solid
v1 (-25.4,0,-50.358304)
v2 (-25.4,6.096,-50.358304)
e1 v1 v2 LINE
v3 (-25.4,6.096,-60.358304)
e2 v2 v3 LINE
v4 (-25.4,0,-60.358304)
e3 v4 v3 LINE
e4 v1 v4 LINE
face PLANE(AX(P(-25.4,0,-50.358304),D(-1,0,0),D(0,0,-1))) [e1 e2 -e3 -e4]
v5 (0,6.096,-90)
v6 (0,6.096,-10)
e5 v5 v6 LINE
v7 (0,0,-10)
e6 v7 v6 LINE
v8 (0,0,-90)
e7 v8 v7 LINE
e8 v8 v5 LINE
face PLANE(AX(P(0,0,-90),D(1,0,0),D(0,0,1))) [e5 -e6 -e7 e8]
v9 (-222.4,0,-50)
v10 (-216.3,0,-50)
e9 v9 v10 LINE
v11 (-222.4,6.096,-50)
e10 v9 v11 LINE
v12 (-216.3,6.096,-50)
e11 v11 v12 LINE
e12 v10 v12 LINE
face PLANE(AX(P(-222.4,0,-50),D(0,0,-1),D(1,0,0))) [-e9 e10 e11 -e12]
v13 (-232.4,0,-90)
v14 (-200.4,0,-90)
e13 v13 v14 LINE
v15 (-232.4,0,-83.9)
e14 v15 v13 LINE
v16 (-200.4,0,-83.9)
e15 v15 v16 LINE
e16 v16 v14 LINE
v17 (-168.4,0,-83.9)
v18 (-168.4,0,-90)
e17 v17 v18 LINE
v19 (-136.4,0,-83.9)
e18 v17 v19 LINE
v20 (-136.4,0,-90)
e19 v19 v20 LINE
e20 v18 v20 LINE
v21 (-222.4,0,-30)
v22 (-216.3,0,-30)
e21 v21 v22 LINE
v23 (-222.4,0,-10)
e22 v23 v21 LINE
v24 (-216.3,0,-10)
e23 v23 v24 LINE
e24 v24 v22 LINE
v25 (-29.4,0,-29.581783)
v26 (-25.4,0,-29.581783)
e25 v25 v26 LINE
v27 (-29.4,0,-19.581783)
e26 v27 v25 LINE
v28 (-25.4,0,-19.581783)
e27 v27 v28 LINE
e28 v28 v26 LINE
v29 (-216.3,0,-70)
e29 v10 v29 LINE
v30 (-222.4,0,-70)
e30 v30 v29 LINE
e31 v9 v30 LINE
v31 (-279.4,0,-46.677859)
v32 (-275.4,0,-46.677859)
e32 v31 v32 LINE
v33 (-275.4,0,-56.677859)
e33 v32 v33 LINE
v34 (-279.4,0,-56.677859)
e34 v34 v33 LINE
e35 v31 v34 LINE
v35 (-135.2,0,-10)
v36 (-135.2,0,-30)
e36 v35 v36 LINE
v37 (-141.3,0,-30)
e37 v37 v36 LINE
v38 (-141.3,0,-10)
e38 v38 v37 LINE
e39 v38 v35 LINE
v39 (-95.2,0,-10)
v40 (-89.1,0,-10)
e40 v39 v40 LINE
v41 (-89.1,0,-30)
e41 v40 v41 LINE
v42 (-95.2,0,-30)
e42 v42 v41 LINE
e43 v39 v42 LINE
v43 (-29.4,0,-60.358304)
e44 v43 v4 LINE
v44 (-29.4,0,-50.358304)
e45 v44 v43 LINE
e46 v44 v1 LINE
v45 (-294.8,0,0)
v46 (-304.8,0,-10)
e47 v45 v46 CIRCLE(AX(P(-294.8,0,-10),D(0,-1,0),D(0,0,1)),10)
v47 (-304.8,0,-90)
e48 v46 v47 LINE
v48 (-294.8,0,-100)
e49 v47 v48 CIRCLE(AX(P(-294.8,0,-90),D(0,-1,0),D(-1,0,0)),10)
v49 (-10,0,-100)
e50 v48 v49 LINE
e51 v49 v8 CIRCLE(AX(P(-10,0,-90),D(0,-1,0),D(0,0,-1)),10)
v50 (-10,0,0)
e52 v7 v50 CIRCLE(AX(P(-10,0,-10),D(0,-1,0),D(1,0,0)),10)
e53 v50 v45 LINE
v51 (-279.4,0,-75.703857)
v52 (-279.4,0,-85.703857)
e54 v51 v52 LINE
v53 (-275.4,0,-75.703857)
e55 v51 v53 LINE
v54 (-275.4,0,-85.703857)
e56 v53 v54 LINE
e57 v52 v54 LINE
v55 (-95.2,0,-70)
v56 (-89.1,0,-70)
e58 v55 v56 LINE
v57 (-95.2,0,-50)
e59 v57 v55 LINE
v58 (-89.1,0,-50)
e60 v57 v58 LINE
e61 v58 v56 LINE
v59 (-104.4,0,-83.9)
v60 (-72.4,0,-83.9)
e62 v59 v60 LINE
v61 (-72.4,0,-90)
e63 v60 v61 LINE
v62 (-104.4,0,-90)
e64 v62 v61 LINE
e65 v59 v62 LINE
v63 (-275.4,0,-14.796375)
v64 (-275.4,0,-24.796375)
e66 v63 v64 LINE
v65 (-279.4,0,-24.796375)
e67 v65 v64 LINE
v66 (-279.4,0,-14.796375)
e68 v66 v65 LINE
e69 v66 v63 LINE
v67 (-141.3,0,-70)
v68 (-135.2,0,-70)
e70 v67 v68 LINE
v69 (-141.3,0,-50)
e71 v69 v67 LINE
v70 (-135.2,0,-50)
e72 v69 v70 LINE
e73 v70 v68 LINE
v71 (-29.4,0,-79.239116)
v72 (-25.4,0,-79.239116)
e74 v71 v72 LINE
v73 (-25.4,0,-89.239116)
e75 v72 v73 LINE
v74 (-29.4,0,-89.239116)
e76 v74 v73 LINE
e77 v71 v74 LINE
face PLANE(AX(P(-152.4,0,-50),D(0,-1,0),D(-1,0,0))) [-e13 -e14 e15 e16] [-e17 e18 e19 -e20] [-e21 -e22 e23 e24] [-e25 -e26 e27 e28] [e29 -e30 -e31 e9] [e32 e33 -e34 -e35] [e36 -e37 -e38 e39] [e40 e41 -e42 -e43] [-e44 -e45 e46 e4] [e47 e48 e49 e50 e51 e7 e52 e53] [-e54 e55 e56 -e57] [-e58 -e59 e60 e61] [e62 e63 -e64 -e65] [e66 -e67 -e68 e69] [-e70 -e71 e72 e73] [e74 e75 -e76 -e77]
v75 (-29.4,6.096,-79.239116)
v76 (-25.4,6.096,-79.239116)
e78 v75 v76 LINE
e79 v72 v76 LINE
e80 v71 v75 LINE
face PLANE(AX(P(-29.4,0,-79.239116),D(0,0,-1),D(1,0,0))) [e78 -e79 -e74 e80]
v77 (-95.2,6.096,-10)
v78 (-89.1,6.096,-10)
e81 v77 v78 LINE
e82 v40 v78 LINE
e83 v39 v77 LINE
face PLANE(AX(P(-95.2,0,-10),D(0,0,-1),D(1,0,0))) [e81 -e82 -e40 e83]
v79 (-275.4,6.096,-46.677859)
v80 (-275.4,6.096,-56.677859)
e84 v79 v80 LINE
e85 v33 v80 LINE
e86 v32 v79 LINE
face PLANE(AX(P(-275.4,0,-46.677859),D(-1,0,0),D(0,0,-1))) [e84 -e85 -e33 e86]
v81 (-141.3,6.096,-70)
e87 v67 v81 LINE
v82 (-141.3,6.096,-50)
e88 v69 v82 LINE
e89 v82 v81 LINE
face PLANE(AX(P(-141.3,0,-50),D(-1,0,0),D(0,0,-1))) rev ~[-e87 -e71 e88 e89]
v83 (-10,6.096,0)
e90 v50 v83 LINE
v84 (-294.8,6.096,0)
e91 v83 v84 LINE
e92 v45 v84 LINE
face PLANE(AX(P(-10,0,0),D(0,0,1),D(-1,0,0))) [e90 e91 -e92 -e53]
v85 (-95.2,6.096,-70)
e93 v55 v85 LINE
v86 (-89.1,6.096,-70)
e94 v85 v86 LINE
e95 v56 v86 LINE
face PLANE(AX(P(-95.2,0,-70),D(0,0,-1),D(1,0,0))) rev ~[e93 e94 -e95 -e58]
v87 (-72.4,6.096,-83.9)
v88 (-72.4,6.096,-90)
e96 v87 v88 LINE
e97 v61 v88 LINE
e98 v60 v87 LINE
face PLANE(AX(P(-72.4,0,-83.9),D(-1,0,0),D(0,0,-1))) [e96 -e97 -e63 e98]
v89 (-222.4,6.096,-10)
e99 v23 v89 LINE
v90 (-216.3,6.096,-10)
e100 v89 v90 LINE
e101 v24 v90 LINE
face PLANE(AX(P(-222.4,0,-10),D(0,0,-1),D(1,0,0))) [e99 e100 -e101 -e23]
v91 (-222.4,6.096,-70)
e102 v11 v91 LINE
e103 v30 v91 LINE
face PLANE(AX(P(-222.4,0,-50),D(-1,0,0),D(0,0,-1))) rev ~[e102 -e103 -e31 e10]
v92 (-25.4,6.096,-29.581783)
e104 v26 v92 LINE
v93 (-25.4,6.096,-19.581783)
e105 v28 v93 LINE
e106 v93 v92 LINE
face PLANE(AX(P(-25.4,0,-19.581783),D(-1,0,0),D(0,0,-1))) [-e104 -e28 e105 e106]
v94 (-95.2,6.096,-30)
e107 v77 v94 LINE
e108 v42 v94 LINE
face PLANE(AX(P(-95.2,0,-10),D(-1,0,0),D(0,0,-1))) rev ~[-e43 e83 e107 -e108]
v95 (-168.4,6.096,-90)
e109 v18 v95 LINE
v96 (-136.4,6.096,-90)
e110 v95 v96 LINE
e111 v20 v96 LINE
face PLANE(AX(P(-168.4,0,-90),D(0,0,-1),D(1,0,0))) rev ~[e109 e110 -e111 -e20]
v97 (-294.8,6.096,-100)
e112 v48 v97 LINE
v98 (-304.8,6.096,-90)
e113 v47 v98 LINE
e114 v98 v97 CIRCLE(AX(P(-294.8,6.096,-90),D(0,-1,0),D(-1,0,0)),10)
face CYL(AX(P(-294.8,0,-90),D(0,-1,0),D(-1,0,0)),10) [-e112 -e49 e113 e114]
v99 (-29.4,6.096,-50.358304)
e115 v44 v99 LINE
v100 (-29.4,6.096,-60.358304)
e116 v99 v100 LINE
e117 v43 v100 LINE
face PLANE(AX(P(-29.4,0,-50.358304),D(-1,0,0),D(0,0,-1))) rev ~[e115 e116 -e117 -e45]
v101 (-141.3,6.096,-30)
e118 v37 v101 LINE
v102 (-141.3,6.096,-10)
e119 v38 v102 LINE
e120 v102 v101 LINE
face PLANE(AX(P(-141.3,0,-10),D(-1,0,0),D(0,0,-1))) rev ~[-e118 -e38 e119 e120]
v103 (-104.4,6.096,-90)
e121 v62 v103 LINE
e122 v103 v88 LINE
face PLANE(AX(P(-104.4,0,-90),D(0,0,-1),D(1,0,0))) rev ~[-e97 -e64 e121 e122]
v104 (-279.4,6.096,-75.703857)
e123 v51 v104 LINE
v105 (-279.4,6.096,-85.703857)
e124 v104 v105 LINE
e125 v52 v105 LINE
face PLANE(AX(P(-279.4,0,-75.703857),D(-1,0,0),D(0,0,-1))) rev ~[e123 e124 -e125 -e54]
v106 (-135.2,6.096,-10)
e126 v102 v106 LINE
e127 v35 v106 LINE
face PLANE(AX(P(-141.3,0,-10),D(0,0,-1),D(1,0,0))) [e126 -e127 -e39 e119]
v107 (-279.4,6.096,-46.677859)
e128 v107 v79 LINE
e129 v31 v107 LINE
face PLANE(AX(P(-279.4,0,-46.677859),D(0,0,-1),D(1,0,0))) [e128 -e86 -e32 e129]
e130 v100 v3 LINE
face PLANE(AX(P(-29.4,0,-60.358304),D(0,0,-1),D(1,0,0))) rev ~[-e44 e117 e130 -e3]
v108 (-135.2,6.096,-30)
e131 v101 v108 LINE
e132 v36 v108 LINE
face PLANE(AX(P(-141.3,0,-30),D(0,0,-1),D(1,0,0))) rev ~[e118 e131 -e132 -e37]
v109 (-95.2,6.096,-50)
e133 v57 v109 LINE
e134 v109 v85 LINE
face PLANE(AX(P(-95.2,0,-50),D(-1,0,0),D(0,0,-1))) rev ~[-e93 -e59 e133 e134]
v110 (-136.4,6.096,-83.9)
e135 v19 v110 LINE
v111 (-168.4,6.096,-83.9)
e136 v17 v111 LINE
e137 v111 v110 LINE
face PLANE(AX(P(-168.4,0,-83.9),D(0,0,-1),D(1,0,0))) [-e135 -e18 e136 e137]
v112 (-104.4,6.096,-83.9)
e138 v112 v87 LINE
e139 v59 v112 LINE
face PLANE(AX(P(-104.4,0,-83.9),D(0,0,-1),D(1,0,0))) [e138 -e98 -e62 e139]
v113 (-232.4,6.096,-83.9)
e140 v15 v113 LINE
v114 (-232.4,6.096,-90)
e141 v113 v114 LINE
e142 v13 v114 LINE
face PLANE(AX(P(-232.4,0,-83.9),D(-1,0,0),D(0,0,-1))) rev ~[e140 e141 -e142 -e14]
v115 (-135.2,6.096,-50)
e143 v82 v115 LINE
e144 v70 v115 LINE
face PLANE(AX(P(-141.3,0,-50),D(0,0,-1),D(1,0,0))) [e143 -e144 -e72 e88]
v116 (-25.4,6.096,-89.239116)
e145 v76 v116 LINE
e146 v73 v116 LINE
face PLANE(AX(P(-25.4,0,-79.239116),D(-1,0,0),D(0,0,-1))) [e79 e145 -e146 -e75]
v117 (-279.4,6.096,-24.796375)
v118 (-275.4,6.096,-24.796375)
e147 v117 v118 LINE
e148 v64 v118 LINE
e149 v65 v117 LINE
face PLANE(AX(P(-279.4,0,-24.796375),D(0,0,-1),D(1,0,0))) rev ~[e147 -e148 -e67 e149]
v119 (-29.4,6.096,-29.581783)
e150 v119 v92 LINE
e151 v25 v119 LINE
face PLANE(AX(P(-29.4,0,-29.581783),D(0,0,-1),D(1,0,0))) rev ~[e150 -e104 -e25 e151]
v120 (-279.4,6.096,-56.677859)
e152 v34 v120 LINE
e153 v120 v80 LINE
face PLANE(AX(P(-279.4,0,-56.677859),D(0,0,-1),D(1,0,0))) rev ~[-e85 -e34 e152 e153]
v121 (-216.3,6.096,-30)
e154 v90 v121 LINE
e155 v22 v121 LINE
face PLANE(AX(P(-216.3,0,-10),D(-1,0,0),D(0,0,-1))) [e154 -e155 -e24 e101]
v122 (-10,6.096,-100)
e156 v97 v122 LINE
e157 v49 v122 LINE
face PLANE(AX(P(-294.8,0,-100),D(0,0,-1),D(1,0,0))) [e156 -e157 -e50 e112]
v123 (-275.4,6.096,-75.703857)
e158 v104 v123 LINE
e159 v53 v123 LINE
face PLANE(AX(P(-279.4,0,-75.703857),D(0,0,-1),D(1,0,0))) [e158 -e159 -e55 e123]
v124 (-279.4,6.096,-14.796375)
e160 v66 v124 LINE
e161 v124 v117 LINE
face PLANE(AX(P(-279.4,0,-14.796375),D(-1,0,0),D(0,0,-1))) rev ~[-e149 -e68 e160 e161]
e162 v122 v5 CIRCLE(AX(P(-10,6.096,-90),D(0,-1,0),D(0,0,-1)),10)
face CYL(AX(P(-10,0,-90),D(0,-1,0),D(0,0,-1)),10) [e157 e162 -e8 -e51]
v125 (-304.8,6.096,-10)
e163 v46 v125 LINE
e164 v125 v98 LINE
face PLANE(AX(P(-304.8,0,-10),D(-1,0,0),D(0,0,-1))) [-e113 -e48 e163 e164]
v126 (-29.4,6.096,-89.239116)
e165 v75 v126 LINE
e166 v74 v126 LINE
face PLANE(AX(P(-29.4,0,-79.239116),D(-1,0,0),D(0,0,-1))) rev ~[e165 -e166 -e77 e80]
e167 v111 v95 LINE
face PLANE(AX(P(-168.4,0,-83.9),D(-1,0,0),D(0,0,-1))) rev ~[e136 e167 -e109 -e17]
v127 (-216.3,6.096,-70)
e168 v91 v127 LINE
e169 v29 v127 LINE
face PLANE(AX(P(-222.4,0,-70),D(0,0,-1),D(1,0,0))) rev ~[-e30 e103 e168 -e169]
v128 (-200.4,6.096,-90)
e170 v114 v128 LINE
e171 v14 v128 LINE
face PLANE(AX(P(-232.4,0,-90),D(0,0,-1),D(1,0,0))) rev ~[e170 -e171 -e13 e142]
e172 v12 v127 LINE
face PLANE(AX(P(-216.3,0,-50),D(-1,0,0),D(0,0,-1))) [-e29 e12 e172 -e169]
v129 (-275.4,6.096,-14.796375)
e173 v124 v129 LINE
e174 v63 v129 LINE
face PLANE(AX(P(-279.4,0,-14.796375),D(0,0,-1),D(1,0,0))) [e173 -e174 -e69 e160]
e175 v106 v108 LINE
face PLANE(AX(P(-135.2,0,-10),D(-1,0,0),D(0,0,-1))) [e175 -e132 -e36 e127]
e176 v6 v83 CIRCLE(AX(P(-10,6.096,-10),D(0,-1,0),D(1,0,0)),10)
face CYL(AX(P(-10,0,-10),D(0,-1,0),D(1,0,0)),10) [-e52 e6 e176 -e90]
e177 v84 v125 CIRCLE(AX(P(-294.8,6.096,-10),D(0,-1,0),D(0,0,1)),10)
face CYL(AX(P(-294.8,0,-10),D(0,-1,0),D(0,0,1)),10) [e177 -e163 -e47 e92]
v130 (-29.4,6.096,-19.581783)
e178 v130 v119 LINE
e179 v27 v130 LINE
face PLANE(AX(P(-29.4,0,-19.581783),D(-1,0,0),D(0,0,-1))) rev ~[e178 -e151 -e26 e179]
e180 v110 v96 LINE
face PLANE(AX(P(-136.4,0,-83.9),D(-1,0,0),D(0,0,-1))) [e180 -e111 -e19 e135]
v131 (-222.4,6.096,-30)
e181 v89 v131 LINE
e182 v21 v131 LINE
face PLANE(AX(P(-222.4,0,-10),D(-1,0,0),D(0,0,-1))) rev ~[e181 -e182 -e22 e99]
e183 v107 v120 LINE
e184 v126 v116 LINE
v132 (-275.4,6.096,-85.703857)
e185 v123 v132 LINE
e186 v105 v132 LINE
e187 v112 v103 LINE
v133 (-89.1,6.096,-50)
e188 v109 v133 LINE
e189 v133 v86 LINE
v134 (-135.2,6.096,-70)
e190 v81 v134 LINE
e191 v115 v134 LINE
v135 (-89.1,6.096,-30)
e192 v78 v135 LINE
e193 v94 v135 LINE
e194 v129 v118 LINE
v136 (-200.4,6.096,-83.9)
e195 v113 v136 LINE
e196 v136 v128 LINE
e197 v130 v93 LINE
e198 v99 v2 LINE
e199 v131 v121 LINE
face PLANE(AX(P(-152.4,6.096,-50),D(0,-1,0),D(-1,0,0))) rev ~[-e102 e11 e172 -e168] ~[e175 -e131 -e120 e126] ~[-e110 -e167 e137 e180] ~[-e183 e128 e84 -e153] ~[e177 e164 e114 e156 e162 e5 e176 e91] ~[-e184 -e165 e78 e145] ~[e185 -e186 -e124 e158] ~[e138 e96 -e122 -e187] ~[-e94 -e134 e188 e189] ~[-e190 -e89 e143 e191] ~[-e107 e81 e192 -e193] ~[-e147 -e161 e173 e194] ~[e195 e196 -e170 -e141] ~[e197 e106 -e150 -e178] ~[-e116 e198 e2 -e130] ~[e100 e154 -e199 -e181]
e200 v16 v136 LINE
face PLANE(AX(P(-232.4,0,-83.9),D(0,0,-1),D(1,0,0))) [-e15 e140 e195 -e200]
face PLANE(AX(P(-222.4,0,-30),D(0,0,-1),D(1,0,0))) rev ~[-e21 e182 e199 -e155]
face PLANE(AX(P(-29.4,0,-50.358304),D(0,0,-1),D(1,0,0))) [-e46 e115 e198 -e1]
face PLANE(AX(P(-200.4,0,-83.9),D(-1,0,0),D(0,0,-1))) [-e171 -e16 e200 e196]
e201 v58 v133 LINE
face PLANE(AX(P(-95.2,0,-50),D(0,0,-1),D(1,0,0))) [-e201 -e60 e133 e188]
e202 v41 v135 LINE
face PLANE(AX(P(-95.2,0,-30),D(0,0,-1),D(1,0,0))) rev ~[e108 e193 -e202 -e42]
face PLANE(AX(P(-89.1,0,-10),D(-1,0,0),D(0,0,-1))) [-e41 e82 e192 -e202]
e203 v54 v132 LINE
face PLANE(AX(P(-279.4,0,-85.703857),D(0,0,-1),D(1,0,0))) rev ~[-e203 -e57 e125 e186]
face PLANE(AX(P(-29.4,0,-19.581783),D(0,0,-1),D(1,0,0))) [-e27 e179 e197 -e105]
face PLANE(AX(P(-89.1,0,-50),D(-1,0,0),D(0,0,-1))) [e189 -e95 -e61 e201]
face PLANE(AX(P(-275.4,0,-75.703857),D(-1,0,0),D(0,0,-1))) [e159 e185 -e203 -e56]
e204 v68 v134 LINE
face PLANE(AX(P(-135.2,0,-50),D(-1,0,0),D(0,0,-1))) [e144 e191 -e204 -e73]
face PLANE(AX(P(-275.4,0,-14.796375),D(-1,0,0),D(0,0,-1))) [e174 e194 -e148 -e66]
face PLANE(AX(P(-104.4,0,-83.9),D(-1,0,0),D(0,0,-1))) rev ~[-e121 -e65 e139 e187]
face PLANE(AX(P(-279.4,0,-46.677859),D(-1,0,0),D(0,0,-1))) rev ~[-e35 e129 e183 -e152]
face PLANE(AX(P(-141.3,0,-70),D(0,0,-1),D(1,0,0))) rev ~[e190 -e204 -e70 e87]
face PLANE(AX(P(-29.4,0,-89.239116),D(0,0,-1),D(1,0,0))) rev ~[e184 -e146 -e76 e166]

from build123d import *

# Parameters (mm, degrees)
SKETCH1_W           = 32
SKETCH1_H           = 6.1
SKETCH1_W_2         = 6.1
SKETCH1_H_2         = 20
SKETCH1_W_3         = 4
SKETCH1_H_3         = 10
BOSS_EXTRUDE1_DEPTH = 6.096


with BuildPart() as part:
    # Sketch1 → Boss-Extrude1 (new body)
    with BuildSketch(Plane(origin=(0, 0, 0), x_dir=(1, 0, 0), z_dir=(0, 1, 0))):
        with BuildLine():
            Line((-294.8, 100), (-10, 100))
            ThreePointArc((-10, 100), (-2.928932188, 97.071067812), (0, 90))
            Line((0, 90), (0, 10))
            ThreePointArc((0, 10), (-2.928932188, 2.928932188), (-10, 0))
            Line((-10, 0), (-294.8, 0))
            ThreePointArc((-294.8, 0), (-301.871067812, 2.928932188), (-304.8, 10))
            Line((-304.8, 10), (-304.8, 90))
            ThreePointArc((-304.8, 90), (-301.871067812, 97.071067812), (-294.8, 100))
        make_face()
        with Locations((-216.4, 86.95)):
            Rectangle(SKETCH1_W, SKETCH1_H, mode=Mode.SUBTRACT)
        with Locations((-152.4, 86.95)):
            Rectangle(SKETCH1_W, SKETCH1_H, mode=Mode.SUBTRACT)
        with Locations((-88.4, 86.95)):
            Rectangle(SKETCH1_W, SKETCH1_H, mode=Mode.SUBTRACT)
        with Locations((-219.35, 60)):
            Rectangle(SKETCH1_W_2, SKETCH1_H_2, mode=Mode.SUBTRACT)
        with Locations((-219.35, 20)):
            Rectangle(SKETCH1_W_2, SKETCH1_H_2, mode=Mode.SUBTRACT)
        with Locations((-27.4, 84.239115677)):
            Rectangle(SKETCH1_W_3, SKETCH1_H_3, mode=Mode.SUBTRACT)
        with Locations((-138.25, 60)):
            Rectangle(SKETCH1_W_2, SKETCH1_H_2, mode=Mode.SUBTRACT)
        with Locations((-138.25, 20)):
            Rectangle(SKETCH1_W_2, SKETCH1_H_2, mode=Mode.SUBTRACT)
        with Locations((-277.4, 80.703857292)):
            Rectangle(SKETCH1_W_3, SKETCH1_H_3, mode=Mode.SUBTRACT)
        with Locations((-92.15, 60)):
            Rectangle(SKETCH1_W_2, SKETCH1_H_2, mode=Mode.SUBTRACT)
        with Locations((-92.15, 20)):
            Rectangle(SKETCH1_W_2, SKETCH1_H_2, mode=Mode.SUBTRACT)
        with Locations((-277.4, 19.796375445)):
            Rectangle(SKETCH1_W_3, SKETCH1_H_3, mode=Mode.SUBTRACT)
        with Locations((-277.4, 51.677858863)):
            Rectangle(SKETCH1_W_3, SKETCH1_H_3, mode=Mode.SUBTRACT)
        with Locations((-27.4, 24.581782644)):
            Rectangle(SKETCH1_W_3, SKETCH1_H_3, mode=Mode.SUBTRACT)
        with Locations((-27.4, 55.358303889)):
            Rectangle(SKETCH1_W_3, SKETCH1_H_3, mode=Mode.SUBTRACT)
    extrude(amount=BOSS_EXTRUDE1_DEPTH)


solid = part.part
